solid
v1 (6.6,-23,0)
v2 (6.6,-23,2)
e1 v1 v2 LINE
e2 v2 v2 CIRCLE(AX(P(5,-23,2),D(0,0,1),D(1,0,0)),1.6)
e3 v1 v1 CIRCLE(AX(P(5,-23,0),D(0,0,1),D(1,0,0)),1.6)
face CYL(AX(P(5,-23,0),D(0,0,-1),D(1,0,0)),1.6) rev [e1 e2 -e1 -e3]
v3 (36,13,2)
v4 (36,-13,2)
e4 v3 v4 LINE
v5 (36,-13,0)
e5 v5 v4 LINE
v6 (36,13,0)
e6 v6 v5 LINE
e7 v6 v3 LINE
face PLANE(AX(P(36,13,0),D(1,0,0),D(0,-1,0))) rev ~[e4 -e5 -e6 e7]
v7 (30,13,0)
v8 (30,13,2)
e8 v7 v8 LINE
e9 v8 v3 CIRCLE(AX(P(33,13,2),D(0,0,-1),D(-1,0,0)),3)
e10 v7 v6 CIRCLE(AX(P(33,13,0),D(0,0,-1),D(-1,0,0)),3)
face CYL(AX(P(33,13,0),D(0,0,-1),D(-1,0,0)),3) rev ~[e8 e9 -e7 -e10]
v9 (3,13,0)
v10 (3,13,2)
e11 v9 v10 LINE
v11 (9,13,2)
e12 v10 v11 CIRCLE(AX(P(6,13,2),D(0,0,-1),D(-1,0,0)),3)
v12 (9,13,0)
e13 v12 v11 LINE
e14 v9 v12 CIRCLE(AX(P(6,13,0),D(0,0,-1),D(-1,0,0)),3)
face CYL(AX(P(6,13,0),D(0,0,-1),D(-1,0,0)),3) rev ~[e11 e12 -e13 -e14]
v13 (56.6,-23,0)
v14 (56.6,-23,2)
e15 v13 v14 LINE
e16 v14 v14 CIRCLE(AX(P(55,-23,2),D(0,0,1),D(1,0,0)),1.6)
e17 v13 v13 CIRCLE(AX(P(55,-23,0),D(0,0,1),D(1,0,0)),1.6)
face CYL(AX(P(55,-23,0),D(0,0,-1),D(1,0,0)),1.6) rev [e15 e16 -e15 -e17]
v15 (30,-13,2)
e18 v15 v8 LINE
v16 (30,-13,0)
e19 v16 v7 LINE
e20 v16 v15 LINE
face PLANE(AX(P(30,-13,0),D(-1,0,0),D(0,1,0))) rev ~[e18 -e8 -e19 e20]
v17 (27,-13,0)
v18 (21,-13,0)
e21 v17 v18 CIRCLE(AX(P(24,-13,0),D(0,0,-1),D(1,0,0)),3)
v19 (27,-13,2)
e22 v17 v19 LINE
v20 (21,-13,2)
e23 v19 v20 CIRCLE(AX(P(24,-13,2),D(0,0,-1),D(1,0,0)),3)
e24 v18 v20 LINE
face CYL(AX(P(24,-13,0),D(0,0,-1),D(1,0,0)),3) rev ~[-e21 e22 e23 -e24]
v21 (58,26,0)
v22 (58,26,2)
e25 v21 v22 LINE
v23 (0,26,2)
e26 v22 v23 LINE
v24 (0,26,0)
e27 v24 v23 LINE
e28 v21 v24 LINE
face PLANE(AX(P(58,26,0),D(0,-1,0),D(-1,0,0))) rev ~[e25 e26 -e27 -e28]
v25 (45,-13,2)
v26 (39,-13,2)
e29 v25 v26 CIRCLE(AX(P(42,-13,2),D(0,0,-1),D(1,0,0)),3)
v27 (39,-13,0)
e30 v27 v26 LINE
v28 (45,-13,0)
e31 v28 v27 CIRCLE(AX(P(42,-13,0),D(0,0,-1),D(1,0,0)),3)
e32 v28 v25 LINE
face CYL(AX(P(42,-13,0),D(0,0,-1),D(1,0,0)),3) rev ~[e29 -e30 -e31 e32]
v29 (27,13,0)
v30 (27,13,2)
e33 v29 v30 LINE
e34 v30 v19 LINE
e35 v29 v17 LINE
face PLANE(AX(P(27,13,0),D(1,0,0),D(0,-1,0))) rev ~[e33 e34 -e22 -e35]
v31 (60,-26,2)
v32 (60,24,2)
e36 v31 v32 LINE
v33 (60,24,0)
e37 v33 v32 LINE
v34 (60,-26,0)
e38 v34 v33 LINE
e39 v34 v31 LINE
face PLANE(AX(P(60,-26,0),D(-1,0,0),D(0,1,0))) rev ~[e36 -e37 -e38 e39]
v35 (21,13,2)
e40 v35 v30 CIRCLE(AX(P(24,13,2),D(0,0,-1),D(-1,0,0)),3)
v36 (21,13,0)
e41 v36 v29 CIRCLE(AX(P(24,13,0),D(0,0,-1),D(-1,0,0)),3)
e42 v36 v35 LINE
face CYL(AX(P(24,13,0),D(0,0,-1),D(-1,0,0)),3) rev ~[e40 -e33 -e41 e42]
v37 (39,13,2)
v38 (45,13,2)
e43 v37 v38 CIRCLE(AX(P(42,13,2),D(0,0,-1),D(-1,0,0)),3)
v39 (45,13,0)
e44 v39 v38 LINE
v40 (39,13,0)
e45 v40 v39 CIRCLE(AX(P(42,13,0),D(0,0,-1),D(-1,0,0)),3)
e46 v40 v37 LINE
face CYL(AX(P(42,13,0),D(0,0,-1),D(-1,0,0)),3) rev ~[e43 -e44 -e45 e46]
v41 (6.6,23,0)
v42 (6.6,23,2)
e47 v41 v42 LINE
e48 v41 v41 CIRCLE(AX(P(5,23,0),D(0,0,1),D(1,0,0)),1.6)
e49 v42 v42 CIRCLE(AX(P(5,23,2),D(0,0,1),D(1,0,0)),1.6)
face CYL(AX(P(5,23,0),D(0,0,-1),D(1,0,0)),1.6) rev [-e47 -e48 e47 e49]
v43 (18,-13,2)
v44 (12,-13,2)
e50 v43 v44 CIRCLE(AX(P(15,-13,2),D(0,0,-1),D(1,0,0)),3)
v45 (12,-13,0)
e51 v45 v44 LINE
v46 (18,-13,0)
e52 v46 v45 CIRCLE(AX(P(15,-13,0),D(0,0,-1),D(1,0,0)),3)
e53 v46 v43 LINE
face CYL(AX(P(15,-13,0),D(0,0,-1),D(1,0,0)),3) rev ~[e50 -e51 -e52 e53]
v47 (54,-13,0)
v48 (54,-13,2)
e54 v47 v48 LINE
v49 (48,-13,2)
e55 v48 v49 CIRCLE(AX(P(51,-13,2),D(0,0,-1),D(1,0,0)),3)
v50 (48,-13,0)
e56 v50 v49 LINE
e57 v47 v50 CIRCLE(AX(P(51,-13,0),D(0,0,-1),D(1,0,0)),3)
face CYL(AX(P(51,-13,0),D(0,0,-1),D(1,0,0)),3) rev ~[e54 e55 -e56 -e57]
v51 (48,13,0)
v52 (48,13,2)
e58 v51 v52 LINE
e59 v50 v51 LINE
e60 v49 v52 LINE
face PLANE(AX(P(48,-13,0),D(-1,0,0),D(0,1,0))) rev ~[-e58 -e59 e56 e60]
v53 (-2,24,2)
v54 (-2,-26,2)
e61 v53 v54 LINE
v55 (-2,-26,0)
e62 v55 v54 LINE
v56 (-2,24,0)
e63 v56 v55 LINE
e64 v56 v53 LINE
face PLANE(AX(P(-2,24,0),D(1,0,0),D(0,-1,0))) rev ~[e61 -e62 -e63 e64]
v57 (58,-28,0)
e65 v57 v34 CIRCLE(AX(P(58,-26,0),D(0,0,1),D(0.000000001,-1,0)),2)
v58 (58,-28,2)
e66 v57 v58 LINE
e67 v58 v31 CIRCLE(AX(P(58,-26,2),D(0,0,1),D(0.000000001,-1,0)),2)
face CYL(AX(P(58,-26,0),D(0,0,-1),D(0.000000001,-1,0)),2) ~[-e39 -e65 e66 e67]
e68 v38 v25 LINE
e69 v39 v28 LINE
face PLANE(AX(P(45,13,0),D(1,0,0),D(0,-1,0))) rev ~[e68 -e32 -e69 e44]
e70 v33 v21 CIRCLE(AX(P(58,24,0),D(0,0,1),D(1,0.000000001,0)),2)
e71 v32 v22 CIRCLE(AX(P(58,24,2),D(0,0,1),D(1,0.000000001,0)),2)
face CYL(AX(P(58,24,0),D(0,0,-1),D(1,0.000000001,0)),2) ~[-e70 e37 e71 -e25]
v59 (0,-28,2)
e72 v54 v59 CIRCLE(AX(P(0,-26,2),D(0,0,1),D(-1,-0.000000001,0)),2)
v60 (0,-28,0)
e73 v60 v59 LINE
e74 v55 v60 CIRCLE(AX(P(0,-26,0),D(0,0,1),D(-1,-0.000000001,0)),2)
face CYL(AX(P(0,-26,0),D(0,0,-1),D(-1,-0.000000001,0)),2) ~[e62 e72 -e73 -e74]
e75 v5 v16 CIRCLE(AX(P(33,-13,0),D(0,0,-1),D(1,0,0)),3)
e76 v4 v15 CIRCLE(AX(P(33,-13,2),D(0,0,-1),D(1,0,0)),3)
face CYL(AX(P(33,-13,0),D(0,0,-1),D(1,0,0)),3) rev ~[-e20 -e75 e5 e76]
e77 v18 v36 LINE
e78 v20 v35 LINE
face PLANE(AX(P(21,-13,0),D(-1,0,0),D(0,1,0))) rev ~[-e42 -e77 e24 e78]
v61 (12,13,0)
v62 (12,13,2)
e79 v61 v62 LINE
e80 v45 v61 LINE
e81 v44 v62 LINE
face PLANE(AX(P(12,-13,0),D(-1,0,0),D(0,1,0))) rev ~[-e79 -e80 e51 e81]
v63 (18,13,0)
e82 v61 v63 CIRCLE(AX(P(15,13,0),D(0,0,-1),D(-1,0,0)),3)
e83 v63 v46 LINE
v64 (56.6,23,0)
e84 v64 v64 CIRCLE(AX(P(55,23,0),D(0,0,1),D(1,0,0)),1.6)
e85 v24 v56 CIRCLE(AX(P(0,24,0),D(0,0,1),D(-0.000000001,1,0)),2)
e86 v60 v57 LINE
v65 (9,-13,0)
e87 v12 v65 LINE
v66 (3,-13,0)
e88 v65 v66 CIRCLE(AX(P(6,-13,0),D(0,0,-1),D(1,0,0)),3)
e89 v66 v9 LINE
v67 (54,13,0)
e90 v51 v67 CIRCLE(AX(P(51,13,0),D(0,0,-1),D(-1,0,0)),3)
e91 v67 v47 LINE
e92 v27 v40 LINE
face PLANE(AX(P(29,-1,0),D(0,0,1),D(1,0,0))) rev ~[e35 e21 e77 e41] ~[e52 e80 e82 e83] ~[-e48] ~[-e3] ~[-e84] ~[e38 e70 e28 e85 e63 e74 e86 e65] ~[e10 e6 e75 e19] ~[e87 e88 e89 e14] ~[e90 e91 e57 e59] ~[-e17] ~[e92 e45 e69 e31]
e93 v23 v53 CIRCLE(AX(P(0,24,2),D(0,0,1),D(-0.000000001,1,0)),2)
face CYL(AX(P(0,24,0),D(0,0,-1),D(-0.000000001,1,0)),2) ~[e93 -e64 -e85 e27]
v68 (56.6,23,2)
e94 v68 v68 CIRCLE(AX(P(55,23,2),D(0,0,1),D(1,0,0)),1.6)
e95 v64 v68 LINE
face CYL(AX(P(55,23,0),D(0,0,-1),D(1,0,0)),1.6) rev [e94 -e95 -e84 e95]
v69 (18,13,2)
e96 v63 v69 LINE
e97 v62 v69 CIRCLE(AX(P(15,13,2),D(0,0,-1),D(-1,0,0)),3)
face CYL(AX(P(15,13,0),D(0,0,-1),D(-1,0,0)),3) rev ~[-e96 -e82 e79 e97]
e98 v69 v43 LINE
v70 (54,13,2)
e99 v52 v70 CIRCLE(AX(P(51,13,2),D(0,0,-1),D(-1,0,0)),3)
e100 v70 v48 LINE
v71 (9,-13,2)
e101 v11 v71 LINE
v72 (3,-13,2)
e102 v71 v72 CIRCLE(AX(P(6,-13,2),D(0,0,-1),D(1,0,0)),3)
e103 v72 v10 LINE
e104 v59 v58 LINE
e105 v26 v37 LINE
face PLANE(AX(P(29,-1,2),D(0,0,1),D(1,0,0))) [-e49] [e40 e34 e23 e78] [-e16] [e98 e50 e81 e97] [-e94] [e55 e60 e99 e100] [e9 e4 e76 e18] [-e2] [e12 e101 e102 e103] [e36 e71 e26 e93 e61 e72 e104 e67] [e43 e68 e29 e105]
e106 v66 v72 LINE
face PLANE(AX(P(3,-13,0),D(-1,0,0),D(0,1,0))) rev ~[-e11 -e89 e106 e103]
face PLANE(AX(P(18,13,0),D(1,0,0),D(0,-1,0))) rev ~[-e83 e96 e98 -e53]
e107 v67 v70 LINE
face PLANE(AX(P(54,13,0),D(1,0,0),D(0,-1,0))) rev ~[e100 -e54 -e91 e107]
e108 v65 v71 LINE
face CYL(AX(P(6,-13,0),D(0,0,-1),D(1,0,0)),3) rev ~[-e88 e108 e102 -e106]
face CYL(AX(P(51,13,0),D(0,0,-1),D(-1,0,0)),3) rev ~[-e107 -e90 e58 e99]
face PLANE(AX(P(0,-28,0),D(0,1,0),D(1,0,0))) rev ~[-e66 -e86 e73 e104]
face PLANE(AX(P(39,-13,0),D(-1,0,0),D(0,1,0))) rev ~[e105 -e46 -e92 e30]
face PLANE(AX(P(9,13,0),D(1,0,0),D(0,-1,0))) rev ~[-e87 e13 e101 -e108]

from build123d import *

# Parameters (mm, degrees)
SKETCH_1_R      = 1.6
EXTRUDE_1_DEPTH = 2


with BuildPart() as part:
    # 草图1 → 凸台-拉伸1 (new body)
    with BuildSketch(Plane.XY):
        with BuildLine():
            Line((0, -28), (58, -28))
            ThreePointArc((58, -28), (59.414213562, -27.414213562), (60, -26))
            Line((60, -26), (60, 24))
            ThreePointArc((60, 24), (59.414213562, 25.414213562), (58, 26))
            Line((58, 26), (0, 26))
            ThreePointArc((0, 26), (-1.414213562, 25.414213562), (-2, 24))
            Line((-2, 24), (-2, -26))
            ThreePointArc((-2, -26), (-1.414213562, -27.414213562), (0, -28))
        make_face()
        with Locations((5, 23)):
            Circle(SKETCH_1_R, mode=Mode.SUBTRACT)
        with Locations((55, 23)):
            Circle(SKETCH_1_R, mode=Mode.SUBTRACT)
        with Locations((55, -23)):
            Circle(SKETCH_1_R, mode=Mode.SUBTRACT)
        with Locations((5, -23)):
            Circle(SKETCH_1_R, mode=Mode.SUBTRACT)
        with BuildLine():
            Line((9, 13), (9, -13))
            ThreePointArc((9, -13), (6, -16), (3, -13))
            Line((3, -13), (3, 13))
            ThreePointArc((3, 13), (6, 16), (9, 13))
        make_face(mode=Mode.SUBTRACT)
        with BuildLine():
            Line((18, 13), (18, -13))
            ThreePointArc((18, -13), (15, -16), (12, -13))
            Line((12, -13), (12, 13))
            ThreePointArc((12, 13), (15, 16), (18, 13))
        make_face(mode=Mode.SUBTRACT)
        with BuildLine():
            Line((27, 13), (27, -13))
            ThreePointArc((27, -13), (24, -16), (21, -13))
            Line((21, -13), (21, 13))
            ThreePointArc((21, 13), (24, 16), (27, 13))
        make_face(mode=Mode.SUBTRACT)
        with BuildLine():
            Line((36, 13), (36, -13))
            ThreePointArc((36, -13), (33, -16), (30, -13))
            Line((30, -13), (30, 13))
            ThreePointArc((30, 13), (33, 16), (36, 13))
        make_face(mode=Mode.SUBTRACT)
        with BuildLine():
            Line((45, 13), (45, -13))
            ThreePointArc((45, -13), (42, -16), (39, -13))
            Line((39, -13), (39, 13))
            ThreePointArc((39, 13), (42, 16), (45, 13))
        make_face(mode=Mode.SUBTRACT)
        with BuildLine():
            Line((54, 13), (54, -13))
            ThreePointArc((54, -13), (51, -16), (48, -13))
            Line((48, -13), (48, 13))
            ThreePointArc((48, 13), (51, 16), (54, 13))
        make_face(mode=Mode.SUBTRACT)
    extrude(amount=EXTRUDE_1_DEPTH)


solid = part.part
